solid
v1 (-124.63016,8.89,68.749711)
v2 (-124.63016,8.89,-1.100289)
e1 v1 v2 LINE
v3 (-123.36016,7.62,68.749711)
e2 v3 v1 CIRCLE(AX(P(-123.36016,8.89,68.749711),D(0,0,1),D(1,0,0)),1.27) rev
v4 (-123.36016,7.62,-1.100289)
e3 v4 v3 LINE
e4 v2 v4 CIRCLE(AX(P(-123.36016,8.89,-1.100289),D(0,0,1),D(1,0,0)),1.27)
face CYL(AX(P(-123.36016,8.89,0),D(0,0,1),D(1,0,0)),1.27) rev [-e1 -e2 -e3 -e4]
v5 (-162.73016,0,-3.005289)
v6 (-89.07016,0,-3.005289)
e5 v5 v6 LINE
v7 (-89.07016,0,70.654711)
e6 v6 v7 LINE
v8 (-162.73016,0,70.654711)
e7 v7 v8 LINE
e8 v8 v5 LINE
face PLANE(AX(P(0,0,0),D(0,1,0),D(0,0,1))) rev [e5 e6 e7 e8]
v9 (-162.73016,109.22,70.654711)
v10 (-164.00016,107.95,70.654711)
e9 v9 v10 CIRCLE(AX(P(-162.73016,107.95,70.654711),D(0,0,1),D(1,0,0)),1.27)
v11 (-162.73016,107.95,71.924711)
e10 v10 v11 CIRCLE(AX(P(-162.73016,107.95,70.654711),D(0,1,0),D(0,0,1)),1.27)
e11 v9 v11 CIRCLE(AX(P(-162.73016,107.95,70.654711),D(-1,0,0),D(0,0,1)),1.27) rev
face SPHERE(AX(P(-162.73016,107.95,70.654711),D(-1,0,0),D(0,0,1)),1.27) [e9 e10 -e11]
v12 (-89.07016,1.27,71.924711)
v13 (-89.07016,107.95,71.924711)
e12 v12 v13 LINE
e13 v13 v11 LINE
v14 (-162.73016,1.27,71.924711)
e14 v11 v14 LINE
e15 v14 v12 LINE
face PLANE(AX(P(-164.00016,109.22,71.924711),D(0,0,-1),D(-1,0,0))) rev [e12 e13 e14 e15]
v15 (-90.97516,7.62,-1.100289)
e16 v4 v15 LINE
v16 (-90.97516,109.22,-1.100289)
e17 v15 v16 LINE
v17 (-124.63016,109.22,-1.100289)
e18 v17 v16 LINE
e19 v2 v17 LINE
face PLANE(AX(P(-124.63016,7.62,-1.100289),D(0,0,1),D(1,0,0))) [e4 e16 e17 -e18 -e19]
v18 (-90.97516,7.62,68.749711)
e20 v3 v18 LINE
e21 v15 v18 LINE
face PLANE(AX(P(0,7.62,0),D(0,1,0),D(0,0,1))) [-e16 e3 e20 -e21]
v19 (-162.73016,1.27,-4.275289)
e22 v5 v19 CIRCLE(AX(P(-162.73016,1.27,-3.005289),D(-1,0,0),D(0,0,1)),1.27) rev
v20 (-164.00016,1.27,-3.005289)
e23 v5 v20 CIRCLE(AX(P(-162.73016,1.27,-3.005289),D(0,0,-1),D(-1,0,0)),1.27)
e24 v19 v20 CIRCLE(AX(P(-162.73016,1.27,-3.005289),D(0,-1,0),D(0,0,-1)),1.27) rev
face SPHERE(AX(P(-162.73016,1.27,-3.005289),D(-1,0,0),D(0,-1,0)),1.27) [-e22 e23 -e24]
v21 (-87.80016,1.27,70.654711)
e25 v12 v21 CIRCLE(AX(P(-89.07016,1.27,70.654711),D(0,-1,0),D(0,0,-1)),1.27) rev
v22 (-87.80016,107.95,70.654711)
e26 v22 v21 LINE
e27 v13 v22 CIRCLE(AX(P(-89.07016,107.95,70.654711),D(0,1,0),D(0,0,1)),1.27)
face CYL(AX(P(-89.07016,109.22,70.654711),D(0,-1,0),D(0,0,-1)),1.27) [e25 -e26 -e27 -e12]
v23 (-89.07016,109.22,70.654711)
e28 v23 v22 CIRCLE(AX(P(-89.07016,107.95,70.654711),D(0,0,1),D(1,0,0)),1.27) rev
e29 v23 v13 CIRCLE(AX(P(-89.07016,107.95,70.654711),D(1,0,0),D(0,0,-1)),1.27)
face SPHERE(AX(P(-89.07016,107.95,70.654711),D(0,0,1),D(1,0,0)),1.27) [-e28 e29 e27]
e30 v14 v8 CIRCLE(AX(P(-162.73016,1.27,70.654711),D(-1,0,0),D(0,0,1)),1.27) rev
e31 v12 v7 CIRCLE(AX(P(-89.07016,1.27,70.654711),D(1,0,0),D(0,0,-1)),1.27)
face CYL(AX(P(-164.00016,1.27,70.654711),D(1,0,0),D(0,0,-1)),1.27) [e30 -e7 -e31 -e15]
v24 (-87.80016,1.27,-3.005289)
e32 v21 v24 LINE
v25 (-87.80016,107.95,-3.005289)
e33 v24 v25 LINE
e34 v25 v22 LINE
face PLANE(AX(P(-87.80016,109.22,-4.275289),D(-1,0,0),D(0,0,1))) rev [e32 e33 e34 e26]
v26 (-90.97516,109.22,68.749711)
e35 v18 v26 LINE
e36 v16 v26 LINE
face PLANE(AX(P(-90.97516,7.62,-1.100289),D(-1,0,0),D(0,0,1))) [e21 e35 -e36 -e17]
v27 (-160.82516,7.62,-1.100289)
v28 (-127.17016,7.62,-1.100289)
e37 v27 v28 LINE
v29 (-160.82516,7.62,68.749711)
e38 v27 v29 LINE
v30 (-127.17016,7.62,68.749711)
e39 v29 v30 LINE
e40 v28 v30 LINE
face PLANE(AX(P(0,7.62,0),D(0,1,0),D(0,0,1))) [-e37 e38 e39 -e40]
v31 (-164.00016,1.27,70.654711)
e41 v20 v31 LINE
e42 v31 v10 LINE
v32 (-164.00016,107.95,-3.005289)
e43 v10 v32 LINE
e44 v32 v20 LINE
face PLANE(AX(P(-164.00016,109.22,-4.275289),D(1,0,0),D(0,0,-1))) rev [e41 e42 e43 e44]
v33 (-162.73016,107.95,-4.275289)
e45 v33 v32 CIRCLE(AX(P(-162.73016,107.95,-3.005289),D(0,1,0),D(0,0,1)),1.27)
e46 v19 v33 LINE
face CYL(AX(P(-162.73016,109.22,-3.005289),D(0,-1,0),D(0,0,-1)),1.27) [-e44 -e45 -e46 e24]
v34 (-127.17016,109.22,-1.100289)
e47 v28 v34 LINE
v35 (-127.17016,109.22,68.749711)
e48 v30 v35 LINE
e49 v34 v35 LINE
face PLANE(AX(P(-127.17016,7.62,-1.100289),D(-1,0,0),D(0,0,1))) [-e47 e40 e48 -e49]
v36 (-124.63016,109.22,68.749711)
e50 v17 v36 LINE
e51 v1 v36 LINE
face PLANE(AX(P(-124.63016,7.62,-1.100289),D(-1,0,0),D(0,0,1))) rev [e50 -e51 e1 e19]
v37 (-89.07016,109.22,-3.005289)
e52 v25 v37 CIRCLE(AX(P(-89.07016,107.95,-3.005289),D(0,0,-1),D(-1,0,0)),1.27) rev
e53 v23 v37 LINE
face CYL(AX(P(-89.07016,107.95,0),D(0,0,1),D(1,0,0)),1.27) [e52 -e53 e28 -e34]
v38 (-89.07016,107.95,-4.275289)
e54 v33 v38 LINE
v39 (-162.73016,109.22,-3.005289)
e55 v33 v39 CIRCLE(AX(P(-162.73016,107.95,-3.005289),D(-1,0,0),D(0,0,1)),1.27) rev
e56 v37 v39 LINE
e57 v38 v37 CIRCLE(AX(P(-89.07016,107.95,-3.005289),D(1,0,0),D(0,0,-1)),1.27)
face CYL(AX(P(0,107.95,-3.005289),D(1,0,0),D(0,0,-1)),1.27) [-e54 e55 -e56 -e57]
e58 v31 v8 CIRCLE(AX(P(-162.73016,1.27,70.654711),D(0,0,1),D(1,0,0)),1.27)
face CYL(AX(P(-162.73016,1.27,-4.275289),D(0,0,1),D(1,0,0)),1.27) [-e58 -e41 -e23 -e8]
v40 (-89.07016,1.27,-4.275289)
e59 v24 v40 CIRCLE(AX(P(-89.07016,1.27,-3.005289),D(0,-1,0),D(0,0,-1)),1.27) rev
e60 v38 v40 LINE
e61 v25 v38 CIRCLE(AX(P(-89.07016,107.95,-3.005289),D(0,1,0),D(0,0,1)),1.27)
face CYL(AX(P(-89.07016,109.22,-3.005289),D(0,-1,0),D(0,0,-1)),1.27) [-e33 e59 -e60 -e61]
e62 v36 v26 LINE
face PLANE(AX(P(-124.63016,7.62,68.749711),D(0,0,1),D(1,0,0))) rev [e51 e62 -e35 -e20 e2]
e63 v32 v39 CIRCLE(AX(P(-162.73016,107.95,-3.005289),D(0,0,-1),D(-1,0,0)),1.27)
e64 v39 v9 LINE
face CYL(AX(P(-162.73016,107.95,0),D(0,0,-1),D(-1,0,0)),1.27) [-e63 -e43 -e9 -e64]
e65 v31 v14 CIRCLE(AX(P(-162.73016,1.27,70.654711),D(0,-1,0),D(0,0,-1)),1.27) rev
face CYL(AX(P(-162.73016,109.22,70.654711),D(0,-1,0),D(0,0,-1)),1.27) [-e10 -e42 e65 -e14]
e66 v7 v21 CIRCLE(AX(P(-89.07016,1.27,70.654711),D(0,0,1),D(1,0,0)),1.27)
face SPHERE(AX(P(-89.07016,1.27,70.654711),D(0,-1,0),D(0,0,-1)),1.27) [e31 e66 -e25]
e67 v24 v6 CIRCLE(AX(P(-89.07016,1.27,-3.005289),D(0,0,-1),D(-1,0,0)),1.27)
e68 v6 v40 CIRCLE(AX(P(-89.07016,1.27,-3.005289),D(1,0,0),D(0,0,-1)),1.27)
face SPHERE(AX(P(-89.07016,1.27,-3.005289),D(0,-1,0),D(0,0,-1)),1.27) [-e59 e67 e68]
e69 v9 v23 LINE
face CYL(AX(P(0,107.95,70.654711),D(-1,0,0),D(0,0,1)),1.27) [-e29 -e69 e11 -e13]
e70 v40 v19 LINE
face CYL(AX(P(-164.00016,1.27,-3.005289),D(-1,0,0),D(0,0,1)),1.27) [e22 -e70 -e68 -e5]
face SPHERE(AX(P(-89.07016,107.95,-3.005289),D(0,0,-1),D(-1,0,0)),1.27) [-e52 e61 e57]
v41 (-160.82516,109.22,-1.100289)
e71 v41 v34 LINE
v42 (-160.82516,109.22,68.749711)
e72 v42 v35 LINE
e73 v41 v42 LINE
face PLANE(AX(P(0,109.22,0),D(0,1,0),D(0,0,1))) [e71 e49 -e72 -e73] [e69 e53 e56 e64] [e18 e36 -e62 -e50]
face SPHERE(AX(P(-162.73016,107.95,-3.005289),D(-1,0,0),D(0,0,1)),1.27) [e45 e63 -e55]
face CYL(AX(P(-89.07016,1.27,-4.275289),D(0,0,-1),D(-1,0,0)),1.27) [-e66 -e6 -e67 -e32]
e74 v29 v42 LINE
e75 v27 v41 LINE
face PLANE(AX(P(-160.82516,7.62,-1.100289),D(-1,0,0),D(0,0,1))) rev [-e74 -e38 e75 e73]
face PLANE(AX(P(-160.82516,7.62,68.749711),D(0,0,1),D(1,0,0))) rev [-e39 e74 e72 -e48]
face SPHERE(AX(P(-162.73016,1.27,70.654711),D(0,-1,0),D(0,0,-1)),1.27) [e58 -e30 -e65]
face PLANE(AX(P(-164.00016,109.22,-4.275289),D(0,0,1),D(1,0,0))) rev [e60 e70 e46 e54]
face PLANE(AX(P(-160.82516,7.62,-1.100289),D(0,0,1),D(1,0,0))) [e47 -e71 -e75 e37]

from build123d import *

# Parameters (mm, degrees)
SKETCH3_W           = 76.2
SKETCH3_H           = 76.2
BOSS_EXTRUDE1_DEPTH = 109.22
SKETCH4_W           = 33.655
SKETCH4_H           = 69.85
CUT_EXTRUDE2_DEPTH  = 101.6
FILLET10_R          = 1.27


with BuildPart() as part:
    # Sketch3 → Boss-Extrude1 (new body)
    with BuildSketch(Plane(origin=(0, 0, 0), x_dir=(1, 0, 0), z_dir=(0, 1, 0))):
        with Locations((-125.900159602, -33.824710809)):
            Rectangle(SKETCH3_W, SKETCH3_H)
    extrude(amount=BOSS_EXTRUDE1_DEPTH)

    # Sketch4 → Cut-Extrude2 (cut)
    with BuildSketch(Plane(origin=(0, 109.22, 0), x_dir=(1, 0, 0), z_dir=(0, 1, 0))):
        with Locations((-143.997659602, -33.824710809)):
            Rectangle(SKETCH4_W, SKETCH4_H)
        with Locations((-107.802659602, -33.824710809)):
            Rectangle(SKETCH4_W, SKETCH4_H)
    extrude(amount=-CUT_EXTRUDE2_DEPTH, mode=Mode.SUBTRACT)

    # Fillet10
    fillet10_edges = [part.edges().sort_by_distance(p)[0] for p in [
        (-87.800159602, 109.22, 33.824710809),
        (-125.900159602, 109.22, -4.275289191),
        (-124.630159602, 7.62, 33.824710809),
        (-164.000159602, 109.22, 33.824710809),
        (-125.900159602, 0, -4.275289191),
        (-87.800159602, 0, 33.824710809),
        (-125.900159602, 0, 71.924710809),
        (-164.000159602, 0, 33.824710809),
        (-164.000159602, 54.61, -4.275289191),
        (-87.800159602, 54.61, -4.275289191),
        (-87.800159602, 54.61, 71.924710809),
        (-164.000159602, 54.61, 71.924710809),
        (-125.900159602, 109.22, 71.924710809),
    ]]
    fillet(fillet10_edges, radius=FILLET10_R)


solid = part.part
